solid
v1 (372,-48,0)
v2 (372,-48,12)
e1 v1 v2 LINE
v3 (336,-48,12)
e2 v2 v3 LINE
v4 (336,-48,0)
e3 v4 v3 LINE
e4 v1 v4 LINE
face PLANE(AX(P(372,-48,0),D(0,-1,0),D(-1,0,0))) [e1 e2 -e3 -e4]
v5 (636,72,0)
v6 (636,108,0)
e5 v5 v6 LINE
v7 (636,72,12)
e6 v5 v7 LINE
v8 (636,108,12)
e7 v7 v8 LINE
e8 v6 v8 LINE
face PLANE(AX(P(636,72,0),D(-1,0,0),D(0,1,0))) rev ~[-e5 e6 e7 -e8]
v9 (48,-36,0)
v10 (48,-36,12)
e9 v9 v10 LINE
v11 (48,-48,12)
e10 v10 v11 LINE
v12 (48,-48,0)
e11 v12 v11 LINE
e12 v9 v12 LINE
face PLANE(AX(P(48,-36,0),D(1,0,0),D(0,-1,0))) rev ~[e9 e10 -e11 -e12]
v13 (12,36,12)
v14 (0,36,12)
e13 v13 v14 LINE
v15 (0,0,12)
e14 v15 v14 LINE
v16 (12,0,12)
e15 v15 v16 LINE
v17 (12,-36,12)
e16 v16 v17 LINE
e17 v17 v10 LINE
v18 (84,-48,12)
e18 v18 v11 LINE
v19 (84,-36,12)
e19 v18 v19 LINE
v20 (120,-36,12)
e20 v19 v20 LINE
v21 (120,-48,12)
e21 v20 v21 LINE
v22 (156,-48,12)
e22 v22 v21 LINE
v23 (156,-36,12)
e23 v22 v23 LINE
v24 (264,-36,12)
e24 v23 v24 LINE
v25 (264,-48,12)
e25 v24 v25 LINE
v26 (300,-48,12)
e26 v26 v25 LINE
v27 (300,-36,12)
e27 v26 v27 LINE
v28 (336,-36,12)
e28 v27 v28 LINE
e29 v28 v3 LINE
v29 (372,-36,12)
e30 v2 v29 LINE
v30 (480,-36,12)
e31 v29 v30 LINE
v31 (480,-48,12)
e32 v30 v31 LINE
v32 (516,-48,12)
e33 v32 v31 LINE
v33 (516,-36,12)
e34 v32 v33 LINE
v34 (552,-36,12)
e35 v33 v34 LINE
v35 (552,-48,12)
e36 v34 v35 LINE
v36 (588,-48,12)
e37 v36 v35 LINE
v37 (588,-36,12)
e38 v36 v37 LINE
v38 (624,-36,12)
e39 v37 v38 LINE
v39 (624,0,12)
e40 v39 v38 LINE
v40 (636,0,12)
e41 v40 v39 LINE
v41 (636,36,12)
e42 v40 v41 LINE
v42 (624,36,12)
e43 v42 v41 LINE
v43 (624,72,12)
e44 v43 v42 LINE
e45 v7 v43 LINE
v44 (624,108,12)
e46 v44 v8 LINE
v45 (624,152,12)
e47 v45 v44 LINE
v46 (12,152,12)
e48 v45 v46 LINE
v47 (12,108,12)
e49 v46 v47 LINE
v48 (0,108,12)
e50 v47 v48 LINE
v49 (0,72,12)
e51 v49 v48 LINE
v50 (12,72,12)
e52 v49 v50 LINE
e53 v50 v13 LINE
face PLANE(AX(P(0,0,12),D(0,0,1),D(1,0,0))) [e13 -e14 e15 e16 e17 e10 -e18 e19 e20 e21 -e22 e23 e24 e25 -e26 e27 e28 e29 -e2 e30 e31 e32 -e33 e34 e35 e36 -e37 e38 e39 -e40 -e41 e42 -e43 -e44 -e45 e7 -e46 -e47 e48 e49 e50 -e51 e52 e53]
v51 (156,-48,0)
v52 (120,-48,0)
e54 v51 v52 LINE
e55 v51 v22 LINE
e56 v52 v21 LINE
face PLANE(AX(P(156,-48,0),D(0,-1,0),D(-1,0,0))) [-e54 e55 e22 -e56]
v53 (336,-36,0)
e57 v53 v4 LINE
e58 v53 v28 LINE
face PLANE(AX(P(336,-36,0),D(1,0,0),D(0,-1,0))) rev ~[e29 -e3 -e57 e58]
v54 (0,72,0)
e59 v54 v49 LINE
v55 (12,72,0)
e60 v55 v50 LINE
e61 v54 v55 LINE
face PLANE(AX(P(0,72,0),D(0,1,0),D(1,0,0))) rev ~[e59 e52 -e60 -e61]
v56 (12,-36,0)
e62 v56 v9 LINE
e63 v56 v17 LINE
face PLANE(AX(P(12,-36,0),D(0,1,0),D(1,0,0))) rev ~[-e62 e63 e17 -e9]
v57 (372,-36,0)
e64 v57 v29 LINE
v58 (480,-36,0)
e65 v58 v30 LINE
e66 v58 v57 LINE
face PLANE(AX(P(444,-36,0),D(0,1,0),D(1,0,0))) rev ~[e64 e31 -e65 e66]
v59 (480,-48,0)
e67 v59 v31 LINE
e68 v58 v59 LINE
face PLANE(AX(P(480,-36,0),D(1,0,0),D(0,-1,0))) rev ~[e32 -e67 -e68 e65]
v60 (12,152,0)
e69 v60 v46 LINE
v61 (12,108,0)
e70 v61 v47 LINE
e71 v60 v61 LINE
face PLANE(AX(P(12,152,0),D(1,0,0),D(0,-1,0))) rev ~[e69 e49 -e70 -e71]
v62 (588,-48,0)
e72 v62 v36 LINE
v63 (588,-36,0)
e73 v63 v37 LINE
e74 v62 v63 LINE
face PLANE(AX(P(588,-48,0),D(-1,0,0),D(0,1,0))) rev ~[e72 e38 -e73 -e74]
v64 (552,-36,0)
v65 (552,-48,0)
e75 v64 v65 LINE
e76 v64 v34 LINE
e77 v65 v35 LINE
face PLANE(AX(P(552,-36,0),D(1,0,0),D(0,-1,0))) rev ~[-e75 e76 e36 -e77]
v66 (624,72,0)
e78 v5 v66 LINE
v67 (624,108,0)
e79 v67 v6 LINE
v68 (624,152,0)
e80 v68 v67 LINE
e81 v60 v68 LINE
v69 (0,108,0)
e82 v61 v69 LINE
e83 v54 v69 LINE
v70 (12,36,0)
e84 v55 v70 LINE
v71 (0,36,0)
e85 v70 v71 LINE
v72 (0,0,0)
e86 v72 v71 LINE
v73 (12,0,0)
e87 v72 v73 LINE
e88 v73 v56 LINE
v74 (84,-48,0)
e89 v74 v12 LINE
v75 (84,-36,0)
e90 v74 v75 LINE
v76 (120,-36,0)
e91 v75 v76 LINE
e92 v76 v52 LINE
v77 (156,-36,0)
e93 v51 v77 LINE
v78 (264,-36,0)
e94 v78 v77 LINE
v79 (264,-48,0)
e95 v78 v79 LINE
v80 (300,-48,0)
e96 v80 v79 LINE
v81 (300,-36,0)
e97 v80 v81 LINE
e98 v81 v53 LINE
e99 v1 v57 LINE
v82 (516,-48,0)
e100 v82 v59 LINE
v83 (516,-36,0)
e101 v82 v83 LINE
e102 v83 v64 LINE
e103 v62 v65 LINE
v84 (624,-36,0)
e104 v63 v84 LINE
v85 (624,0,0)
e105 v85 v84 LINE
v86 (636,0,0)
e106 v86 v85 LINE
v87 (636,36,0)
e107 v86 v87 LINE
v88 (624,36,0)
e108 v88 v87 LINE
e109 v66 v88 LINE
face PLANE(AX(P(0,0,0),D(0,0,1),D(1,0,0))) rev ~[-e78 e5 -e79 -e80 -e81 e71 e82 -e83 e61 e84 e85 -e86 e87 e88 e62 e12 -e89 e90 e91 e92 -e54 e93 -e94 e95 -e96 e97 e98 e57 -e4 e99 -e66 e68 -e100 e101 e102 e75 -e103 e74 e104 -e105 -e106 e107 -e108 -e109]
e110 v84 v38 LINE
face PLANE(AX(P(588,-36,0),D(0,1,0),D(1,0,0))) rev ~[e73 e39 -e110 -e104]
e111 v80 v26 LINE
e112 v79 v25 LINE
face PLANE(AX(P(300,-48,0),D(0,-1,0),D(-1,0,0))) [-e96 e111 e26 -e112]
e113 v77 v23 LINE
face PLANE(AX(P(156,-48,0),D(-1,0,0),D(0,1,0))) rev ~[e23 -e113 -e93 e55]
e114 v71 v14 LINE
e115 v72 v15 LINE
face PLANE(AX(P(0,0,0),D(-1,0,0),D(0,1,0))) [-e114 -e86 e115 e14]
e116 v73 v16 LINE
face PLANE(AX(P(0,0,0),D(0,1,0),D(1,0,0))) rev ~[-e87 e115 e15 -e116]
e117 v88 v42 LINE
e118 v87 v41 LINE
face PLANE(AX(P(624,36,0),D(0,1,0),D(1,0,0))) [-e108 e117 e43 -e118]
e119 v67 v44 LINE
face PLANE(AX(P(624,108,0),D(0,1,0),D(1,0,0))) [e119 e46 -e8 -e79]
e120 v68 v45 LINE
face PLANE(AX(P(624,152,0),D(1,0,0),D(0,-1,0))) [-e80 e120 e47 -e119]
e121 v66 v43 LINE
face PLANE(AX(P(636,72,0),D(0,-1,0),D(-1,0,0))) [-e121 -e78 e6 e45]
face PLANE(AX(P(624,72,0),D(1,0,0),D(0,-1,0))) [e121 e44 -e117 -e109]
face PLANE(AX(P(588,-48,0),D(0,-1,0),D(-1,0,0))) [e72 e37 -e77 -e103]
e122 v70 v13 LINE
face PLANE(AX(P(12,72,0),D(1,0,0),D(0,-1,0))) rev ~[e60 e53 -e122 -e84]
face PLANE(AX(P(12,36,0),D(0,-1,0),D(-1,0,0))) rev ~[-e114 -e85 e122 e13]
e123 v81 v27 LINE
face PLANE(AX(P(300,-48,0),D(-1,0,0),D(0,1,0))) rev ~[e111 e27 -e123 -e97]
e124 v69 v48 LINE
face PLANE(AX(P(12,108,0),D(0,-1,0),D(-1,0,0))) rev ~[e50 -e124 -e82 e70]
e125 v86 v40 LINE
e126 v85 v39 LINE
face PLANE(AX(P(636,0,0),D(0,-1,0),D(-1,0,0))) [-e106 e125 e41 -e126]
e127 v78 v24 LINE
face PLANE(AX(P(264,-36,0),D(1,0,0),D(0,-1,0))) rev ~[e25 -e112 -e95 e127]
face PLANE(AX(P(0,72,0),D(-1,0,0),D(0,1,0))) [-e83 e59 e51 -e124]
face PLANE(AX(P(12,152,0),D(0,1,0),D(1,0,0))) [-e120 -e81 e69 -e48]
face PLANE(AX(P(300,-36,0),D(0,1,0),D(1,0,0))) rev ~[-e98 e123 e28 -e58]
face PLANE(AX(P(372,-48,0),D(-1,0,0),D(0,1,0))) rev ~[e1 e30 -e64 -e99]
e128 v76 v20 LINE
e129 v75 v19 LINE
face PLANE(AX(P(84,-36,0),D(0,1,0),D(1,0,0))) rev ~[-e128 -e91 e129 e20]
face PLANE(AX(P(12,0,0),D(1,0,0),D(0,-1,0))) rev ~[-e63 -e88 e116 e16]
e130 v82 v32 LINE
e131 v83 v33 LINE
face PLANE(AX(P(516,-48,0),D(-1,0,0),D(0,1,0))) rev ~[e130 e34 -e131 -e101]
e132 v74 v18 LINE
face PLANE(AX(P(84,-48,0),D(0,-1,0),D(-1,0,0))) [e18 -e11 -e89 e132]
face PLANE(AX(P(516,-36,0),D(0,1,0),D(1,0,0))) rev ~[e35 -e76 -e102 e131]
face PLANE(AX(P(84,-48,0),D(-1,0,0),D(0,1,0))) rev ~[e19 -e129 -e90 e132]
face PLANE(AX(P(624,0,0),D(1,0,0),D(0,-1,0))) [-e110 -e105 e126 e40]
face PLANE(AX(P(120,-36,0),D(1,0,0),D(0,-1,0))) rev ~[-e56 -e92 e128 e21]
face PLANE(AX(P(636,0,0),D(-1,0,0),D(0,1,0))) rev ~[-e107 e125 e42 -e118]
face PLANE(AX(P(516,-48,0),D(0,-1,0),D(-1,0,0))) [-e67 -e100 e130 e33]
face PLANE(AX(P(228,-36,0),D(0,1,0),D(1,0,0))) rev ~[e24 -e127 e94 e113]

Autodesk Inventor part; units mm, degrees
ref_plane "YZ Plane" through (0, 0, 0) normal (1, 0, 0) x (0, 1, 0)
ref_plane "XZ Plane" through (0, 0, 0) normal (0, 1, 0) x (-1, 0, 0)
ref_plane "XY Plane" through (0, 0, 0) normal (0, 0, 1) x (1, 0, 0)
ref_plane "Work Plane1" through (0, 0, 0) normal (0, 0, 1) x (1, 0, 0)
sketch "Sketch1" plane through (0, 0, 0) normal (0, 0, 1) x (1, 0, 0)
  line L0 (0, 72) -> (12, 72)
  line L1 (12, 108) -> (12, 72)
  line L2 (12, 152) -> (12, 108)
  line L3 (0, 152) -> (12, 152)
  line L4 (0, 108) -> (0, 152)
  line L5 (12, 108) -> (0, 108)
  line L6 (0, 72) -> (0, 108)
  line L7 (0, 36) -> (0, 72)
  line L8 (12, 36) -> (0, 36)
  line L9 (12, 36) -> (12, 0)
  line L10 (0, 0) -> (12, 0)
  line L11 (0, -36) -> (0, 0)
  line L12 (12, -36) -> (0, -36)
  line L13 (12, 0) -> (12, -36)
  line L14 (12, 72) -> (12, 36)
  line L15 (0, 0) -> (0, 36)
  line L16 (636, -36) -> (636, -48)
  line L17 (636, -48) -> (588, -48)
  line L18 (588, -48) -> (588, -36)
  line L19 (552, -36) -> (588, -36)
  line L20 (552, -36) -> (552, -48)
  line L21 (552, -48) -> (516, -48)
  line L22 (516, -48) -> (516, -36)
  line L23 (480, -36) -> (516, -36)
  line L24 (480, -36) -> (480, -48)
  line L25 (480, -48) -> (444, -48)
  line L26 (444, -48) -> (444, -36)
  line L27 (408, -36) -> (444, -36)
  line L28 (408, -36) -> (408, -48)
  line L29 (408, -48) -> (372, -48)
  line L30 (372, -48) -> (372, -36)
  line L31 (336, -36) -> (372, -36)
  line L32 (336, -36) -> (336, -48)
  line L33 (336, -48) -> (300, -48)
  line L34 (300, -48) -> (300, -36)
  line L35 (264, -36) -> (300, -36)
  line L36 (264, -36) -> (264, -48)
  line L37 (264, -48) -> (228, -48)
  line L38 (228, -48) -> (228, -36)
  line L39 (192, -36) -> (228, -36)
  line L40 (192, -36) -> (192, -48)
  line L41 (192, -48) -> (156, -48)
  line L42 (156, -48) -> (156, -36)
  line L43 (120, -36) -> (156, -36)
  line L44 (120, -36) -> (120, -48)
  line L45 (120, -48) -> (84, -48)
  line L46 (84, -48) -> (84, -36)
  line L47 (48, -36) -> (84, -36)
  line L48 (48, -36) -> (48, -48)
  line L49 (48, -48) -> (0, -48)
  line L50 (0, -48) -> (0, -36)
  line L51 (0, -36) -> (48, -36)
  line L52 (588, -36) -> (636, -36)
  line L53 (588, -48) -> (552, -48)
  line L54 (516, -36) -> (552, -36)
  line L55 (516, -48) -> (480, -48)
  line L56 (444, -36) -> (480, -36)
  line L57 (444, -48) -> (408, -48)
  line L58 (372, -36) -> (408, -36)
  line L59 (372, -48) -> (336, -48)
  line L60 (300, -36) -> (336, -36)
  line L61 (300, -48) -> (264, -48)
  line L62 (228, -36) -> (264, -36)
  line L63 (228, -48) -> (192, -48)
  line L64 (156, -36) -> (192, -36)
  line L65 (156, -48) -> (120, -48)
  line L66 (84, -36) -> (120, -36)
  line L67 (84, -48) -> (48, -48)
  line L68 (12, 152) -> (624, 152)
  line L69 (636, -36) -> (12, -36)
  line L70 (12, -36) -> (12, 152)
  line L71 (318, 152) -> (318, 58) construction
  line L72 (318, 58) -> (636, 58) construction
  line L73 (12, 152) -> (0, 152)
  line L74 (636, 152) -> (636, 164)
  line L75 (636, 164) -> (588, 164)
  line L76 (588, 164) -> (588, 152)
  line L77 (552, 152) -> (588, 152)
  line L78 (552, 152) -> (552, 164)
  line L79 (552, 164) -> (516, 164)
  line L80 (516, 164) -> (516, 152)
  line L81 (480, 152) -> (516, 152)
  line L82 (480, 152) -> (480, 164)
  line L83 (480, 164) -> (444, 164)
  line L84 (444, 164) -> (444, 152)
  line L85 (408, 152) -> (444, 152)
  line L86 (408, 152) -> (408, 164)
  line L87 (408, 164) -> (372, 164)
  line L88 (372, 164) -> (372, 152)
  line L89 (336, 152) -> (372, 152)
  line L90 (336, 152) -> (336, 164)
  line L91 (336, 164) -> (300, 164)
  line L92 (300, 164) -> (300, 152)
  line L93 (264, 152) -> (300, 152)
  line L94 (264, 152) -> (264, 164)
  line L95 (264, 164) -> (228, 164)
  line L96 (228, 164) -> (228, 152)
  line L97 (192, 152) -> (228, 152)
  line L98 (192, 152) -> (192, 164)
  line L99 (192, 164) -> (156, 164)
  line L100 (156, 164) -> (156, 152)
  line L101 (120, 152) -> (156, 152)
  line L102 (120, 152) -> (120, 164)
  line L103 (120, 164) -> (84, 164)
  line L104 (84, 164) -> (84, 152)
  line L105 (48, 152) -> (84, 152)
  line L106 (48, 152) -> (48, 164)
  line L107 (48, 164) -> (0, 164)
  line L108 (0, 164) -> (0, 152)
  line L109 (0, 152) -> (48, 152)
  line L110 (588, 152) -> (636, 152)
  line L111 (588, 164) -> (552, 164)
  line L112 (516, 152) -> (552, 152)
  line L113 (516, 164) -> (480, 164)
  line L114 (444, 152) -> (480, 152)
  line L115 (444, 164) -> (408, 164)
  line L116 (372, 152) -> (408, 152)
  line L117 (372, 164) -> (336, 164)
  line L118 (300, 152) -> (336, 152)
  line L119 (300, 164) -> (264, 164)
  line L120 (228, 152) -> (264, 152)
  line L121 (228, 164) -> (192, 164)
  line L122 (156, 152) -> (192, 152)
  line L123 (156, 164) -> (120, 164)
  line L124 (84, 152) -> (120, 152)
  line L125 (84, 164) -> (48, 164)
  line L126 (636, 152) -> (12, 152)
  line L127 (318, 152) -> (318, -36) construction
  line L128 (636, 72) -> (624, 72)
  line L129 (624, 108) -> (624, 72)
  line L130 (624, 152) -> (624, 108)
  line L131 (636, 152) -> (624, 152)
  line L132 (636, 108) -> (636, 152)
  line L133 (624, 108) -> (636, 108)
  line L134 (636, 72) -> (636, 108)
  line L135 (636, 36) -> (636, 72)
  line L136 (624, 36) -> (636, 36)
  line L137 (624, 36) -> (624, 0)
  line L138 (636, 0) -> (624, 0)
  line L139 (636, -36) -> (636, 0)
  line L140 (624, -36) -> (636, -36)
  line L141 (624, 0) -> (624, -36)
  line L142 (624, 72) -> (624, 36)
  line L143 (636, 0) -> (636, 36)
  line L144 (636, -48) -> (636, -36)
  line L145 (624, -36) -> (624, 152)
  line L146 (624, 152) -> (636, 152)
  line L147 (636, 164) -> (636, 152)
extrude "Extrusion1" add sketch "Sketch1" along normal blind 12 contours L6 L5 L1 L0 | L1 L2 L68 L130 L129 L142 L137 L141 L52 L19 L54 L23 L56 L27 L58 L31 L60 L35 L62 L39 L64 L43 L66 L47 L51 L13 L9 L14 | L8 L9 L10 L15 | L47 L46 L67 L48 | L43 L42 L65 L44 | L35 L34 L61 L36 | L31 L30 L59 L32 | L23 L22 L55 L24 | L19 L18 L53 L20 | L133 L134 L128 L129 | L137 L136 L143 L138
ref_plane "Work Plane2" through (0, -113.0256, -190.9643) normal (-1, 0, 0) x (0, -0.5, 0.866)
ref_plane "Work Plane3" through (0, -113.0256, -190.9643) normal (-1, 0, 0) x (0, -0.5, 0.866)
sketch "Sketch3" plane through (0, 0, 12) normal (0, 0, 1) x (1, 0, 0)
  line L0 (48, -36) -> (48, -48) projected
  line L1 (48, -48) -> (84, -48) projected
  line L2 (84, -48) -> (84, -36) projected
  line L3 (84, -36) -> (120, -36) projected
  line L4 (120, -36) -> (120, -48) projected
  line L5 (120, -48) -> (156, -48) projected
  line L6 (156, -48) -> (156, -36) projected
  line L7 (156, -36) -> (264, -36) projected
  line L8 (264, -36) -> (264, -48) projected
  line L9 (264, -48) -> (300, -48) projected
  line L10 (300, -48) -> (300, -36) projected
  line L11 (300, -36) -> (336, -36) projected
  line L12 (336, -36) -> (336, -48) projected
  line L13 (336, -48) -> (372, -48) projected
  line L14 (372, -48) -> (372, -36) projected
  line L15 (372, -36) -> (480, -36) projected
  line L16 (480, -36) -> (480, -48) projected
  line L17 (480, -48) -> (516, -48) projected
  line L18 (516, -48) -> (516, -36) projected
  line L19 (516, -36) -> (552, -36) projected
  line L20 (552, -36) -> (552, -48) projected
  line L21 (552, -48) -> (588, -48) projected
  line L22 (588, -48) -> (588, -36) projected
  line L23 (588, -36) -> (624, -36) projected
  line L24 (624, -36) -> (624, 0) projected
  line L25 (624, 0) -> (636, 0) projected
  line L26 (636, 0) -> (636, 36) projected
  line L27 (636, 36) -> (624, 36) projected
  line L28 (624, 36) -> (624, 72) projected
  line L29 (624, 72) -> (636, 72) projected
  line L30 (636, 72) -> (636, 108) projected
  line L31 (636, 108) -> (624, 108) projected
  line L32 (624, 108) -> (624, 152) projected
  line L33 (624, 152) -> (12, 152) projected
  line L34 (12, 152) -> (12, 108) projected
  line L35 (12, 108) -> (0, 108) projected
  line L36 (0, 108) -> (0, 72) projected
  line L37 (0, 72) -> (12, 72) projected
  line L38 (12, 72) -> (12, 36) projected
  line L39 (12, 36) -> (0, 36) projected
  line L40 (0, 36) -> (0, 0) projected
  line L41 (0, 0) -> (12, 0) projected
  line L42 (12, 0) -> (12, -36) projected
  line L43 (12, -36) -> (48, -36) projected
properties part number "wooden_back"
